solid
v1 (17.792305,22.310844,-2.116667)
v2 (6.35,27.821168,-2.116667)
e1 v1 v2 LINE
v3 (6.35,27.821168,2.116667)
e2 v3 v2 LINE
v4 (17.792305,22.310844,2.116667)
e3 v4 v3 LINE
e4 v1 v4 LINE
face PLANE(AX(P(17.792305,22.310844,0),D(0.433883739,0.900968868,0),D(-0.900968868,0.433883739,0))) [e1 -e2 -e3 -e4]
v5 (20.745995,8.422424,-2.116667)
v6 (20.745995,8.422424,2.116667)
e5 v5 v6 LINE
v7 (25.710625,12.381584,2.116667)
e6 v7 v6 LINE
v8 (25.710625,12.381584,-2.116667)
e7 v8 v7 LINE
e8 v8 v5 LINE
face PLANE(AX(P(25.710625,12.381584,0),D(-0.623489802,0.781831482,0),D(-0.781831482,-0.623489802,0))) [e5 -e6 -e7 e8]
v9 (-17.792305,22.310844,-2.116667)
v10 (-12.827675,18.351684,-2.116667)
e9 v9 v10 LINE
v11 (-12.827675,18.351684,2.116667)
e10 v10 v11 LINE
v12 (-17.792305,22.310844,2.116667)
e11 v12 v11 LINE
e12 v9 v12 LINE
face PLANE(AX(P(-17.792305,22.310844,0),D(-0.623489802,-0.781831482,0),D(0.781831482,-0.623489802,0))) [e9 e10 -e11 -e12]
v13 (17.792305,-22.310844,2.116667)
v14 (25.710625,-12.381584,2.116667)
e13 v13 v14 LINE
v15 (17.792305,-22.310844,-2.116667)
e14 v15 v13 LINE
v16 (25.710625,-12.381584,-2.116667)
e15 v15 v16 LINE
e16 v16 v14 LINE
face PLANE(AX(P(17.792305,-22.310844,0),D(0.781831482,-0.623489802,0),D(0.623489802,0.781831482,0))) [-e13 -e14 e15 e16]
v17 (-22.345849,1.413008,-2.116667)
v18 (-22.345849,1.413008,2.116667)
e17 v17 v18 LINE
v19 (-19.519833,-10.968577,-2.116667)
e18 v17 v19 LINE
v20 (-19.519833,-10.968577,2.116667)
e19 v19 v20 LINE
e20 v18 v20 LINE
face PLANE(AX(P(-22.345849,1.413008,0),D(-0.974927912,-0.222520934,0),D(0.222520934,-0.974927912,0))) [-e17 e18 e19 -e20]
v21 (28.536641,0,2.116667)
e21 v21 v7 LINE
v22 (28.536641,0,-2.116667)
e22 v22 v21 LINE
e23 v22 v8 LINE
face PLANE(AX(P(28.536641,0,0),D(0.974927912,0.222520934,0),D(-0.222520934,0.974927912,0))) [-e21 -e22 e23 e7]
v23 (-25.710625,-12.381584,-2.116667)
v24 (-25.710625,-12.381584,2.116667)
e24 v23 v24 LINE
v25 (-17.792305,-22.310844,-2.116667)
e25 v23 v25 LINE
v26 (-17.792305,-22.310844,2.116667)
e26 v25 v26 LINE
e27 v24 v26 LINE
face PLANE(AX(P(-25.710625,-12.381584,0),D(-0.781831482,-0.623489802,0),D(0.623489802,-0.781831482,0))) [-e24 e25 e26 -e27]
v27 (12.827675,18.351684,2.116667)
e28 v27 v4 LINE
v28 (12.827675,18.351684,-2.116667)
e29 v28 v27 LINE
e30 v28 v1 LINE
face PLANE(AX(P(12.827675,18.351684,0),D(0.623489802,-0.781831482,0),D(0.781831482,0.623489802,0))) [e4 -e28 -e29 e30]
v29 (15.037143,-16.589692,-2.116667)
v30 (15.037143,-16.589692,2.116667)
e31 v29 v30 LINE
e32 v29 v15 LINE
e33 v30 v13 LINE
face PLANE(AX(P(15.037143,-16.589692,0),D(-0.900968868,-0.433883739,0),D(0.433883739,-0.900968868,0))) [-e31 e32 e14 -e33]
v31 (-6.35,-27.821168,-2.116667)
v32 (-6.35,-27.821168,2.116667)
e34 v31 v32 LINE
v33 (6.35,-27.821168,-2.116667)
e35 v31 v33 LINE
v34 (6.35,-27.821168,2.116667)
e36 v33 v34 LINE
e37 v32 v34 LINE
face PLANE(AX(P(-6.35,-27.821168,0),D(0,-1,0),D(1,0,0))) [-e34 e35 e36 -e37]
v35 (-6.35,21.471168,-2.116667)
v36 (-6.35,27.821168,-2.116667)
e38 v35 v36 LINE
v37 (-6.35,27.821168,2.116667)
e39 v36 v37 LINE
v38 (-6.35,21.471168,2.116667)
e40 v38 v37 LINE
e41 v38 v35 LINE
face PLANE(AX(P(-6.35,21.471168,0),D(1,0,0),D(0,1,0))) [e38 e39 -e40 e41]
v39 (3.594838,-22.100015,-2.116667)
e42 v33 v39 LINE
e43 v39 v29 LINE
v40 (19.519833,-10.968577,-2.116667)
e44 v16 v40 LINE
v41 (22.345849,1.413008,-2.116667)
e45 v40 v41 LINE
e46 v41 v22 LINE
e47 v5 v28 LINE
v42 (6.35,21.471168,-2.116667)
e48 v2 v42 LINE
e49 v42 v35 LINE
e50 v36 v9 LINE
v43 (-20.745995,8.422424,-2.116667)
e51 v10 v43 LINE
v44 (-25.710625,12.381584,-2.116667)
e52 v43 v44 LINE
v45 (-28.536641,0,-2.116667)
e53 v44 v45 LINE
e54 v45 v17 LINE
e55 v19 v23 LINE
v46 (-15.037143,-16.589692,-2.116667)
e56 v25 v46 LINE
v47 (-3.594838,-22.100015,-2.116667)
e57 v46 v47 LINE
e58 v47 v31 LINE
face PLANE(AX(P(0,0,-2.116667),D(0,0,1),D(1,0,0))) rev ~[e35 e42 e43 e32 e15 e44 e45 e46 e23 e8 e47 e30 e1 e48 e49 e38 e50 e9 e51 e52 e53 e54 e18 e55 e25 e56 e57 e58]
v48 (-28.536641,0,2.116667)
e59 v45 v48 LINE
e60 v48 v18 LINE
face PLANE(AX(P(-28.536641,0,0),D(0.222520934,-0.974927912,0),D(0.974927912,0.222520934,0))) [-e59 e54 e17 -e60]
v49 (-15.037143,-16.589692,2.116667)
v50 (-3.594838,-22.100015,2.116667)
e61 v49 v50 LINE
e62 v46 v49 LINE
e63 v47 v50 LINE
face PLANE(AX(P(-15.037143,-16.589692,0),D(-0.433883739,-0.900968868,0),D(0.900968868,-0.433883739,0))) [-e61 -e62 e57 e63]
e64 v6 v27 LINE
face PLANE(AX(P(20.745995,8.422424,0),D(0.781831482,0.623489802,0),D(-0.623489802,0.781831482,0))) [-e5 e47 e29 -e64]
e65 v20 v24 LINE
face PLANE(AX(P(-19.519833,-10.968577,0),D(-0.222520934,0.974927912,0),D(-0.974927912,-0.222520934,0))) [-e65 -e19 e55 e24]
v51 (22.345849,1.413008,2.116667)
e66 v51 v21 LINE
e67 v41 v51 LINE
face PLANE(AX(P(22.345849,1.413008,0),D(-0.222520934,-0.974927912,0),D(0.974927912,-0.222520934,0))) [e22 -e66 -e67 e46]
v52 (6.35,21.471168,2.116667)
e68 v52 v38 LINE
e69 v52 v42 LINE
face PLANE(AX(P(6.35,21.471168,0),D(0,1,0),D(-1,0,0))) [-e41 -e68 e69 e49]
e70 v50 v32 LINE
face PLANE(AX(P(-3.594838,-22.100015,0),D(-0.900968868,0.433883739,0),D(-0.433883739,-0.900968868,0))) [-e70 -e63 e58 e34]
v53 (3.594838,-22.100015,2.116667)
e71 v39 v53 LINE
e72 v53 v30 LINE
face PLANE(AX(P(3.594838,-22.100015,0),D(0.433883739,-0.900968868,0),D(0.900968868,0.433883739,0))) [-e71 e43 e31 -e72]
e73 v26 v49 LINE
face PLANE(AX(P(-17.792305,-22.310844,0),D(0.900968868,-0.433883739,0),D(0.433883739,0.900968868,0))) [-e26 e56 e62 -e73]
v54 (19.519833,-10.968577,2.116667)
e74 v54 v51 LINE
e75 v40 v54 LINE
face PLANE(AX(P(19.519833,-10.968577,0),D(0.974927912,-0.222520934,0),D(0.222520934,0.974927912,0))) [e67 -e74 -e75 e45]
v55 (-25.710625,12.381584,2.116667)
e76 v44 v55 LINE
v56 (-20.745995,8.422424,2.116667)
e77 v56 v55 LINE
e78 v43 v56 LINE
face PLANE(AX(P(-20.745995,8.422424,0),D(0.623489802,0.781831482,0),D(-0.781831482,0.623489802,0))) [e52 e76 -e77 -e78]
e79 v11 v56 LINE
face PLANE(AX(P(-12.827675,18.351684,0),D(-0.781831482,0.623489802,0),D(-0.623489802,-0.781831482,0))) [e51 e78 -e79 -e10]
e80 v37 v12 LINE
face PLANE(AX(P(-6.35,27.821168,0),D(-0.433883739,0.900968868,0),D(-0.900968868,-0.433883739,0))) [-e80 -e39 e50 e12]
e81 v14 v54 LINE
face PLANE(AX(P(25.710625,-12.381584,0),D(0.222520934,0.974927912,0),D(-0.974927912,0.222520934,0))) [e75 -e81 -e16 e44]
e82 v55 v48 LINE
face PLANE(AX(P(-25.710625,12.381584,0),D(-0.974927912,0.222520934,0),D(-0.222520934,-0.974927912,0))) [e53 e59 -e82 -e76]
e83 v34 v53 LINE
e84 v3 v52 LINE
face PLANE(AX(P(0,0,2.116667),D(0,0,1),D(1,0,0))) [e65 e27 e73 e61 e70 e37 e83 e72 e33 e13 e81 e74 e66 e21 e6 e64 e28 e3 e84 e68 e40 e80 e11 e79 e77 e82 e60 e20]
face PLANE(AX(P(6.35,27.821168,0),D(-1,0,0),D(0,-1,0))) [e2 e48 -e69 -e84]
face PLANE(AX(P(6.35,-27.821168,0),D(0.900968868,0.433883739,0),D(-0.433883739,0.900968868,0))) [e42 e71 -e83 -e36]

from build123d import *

# Parameters (mm, degrees)
F1_DEPTH = 2.1166666667


with BuildPart() as f1:
    # F0 (on Top) → F1 (new body, symmetric)
    with BuildSketch(Plane.XY):
        Polygon((-6.35, 21.4711677988), (-6.35, 27.8211677988), (-17.7923046224, 22.3108443121), (-12.8276747087, 18.3516840703), (-20.7459951923, 8.4224242429), (-25.710625106, 12.3815844847), (-28.5366409672, 0), (-22.3458487249, 1.4130079306), (-19.5198328636, -10.9685765541), (-25.710625106, -12.3815844847), (-17.7923046224, -22.3108443121), (-15.037142879, -16.5896920009), (-3.5948382566, -22.1000154877), (-6.35, -27.8211677988), (6.35, -27.8211677988), (3.5948382566, -22.1000154877), (15.037142879, -16.5896920009), (17.7923046224, -22.3108443121), (25.710625106, -12.3815844847), (19.5198328636, -10.9685765541), (22.3458487249, 1.4130079306), (28.5366409672, 0), (25.710625106, 12.3815844847), (20.7459951923, 8.4224242429), (12.8276747087, 18.3516840703), (17.7923046224, 22.3108443121), (6.35, 27.8211677988), (6.35, 21.4711677988), align=None)
    extrude(amount=F1_DEPTH, both=True)


solid = f1.part
